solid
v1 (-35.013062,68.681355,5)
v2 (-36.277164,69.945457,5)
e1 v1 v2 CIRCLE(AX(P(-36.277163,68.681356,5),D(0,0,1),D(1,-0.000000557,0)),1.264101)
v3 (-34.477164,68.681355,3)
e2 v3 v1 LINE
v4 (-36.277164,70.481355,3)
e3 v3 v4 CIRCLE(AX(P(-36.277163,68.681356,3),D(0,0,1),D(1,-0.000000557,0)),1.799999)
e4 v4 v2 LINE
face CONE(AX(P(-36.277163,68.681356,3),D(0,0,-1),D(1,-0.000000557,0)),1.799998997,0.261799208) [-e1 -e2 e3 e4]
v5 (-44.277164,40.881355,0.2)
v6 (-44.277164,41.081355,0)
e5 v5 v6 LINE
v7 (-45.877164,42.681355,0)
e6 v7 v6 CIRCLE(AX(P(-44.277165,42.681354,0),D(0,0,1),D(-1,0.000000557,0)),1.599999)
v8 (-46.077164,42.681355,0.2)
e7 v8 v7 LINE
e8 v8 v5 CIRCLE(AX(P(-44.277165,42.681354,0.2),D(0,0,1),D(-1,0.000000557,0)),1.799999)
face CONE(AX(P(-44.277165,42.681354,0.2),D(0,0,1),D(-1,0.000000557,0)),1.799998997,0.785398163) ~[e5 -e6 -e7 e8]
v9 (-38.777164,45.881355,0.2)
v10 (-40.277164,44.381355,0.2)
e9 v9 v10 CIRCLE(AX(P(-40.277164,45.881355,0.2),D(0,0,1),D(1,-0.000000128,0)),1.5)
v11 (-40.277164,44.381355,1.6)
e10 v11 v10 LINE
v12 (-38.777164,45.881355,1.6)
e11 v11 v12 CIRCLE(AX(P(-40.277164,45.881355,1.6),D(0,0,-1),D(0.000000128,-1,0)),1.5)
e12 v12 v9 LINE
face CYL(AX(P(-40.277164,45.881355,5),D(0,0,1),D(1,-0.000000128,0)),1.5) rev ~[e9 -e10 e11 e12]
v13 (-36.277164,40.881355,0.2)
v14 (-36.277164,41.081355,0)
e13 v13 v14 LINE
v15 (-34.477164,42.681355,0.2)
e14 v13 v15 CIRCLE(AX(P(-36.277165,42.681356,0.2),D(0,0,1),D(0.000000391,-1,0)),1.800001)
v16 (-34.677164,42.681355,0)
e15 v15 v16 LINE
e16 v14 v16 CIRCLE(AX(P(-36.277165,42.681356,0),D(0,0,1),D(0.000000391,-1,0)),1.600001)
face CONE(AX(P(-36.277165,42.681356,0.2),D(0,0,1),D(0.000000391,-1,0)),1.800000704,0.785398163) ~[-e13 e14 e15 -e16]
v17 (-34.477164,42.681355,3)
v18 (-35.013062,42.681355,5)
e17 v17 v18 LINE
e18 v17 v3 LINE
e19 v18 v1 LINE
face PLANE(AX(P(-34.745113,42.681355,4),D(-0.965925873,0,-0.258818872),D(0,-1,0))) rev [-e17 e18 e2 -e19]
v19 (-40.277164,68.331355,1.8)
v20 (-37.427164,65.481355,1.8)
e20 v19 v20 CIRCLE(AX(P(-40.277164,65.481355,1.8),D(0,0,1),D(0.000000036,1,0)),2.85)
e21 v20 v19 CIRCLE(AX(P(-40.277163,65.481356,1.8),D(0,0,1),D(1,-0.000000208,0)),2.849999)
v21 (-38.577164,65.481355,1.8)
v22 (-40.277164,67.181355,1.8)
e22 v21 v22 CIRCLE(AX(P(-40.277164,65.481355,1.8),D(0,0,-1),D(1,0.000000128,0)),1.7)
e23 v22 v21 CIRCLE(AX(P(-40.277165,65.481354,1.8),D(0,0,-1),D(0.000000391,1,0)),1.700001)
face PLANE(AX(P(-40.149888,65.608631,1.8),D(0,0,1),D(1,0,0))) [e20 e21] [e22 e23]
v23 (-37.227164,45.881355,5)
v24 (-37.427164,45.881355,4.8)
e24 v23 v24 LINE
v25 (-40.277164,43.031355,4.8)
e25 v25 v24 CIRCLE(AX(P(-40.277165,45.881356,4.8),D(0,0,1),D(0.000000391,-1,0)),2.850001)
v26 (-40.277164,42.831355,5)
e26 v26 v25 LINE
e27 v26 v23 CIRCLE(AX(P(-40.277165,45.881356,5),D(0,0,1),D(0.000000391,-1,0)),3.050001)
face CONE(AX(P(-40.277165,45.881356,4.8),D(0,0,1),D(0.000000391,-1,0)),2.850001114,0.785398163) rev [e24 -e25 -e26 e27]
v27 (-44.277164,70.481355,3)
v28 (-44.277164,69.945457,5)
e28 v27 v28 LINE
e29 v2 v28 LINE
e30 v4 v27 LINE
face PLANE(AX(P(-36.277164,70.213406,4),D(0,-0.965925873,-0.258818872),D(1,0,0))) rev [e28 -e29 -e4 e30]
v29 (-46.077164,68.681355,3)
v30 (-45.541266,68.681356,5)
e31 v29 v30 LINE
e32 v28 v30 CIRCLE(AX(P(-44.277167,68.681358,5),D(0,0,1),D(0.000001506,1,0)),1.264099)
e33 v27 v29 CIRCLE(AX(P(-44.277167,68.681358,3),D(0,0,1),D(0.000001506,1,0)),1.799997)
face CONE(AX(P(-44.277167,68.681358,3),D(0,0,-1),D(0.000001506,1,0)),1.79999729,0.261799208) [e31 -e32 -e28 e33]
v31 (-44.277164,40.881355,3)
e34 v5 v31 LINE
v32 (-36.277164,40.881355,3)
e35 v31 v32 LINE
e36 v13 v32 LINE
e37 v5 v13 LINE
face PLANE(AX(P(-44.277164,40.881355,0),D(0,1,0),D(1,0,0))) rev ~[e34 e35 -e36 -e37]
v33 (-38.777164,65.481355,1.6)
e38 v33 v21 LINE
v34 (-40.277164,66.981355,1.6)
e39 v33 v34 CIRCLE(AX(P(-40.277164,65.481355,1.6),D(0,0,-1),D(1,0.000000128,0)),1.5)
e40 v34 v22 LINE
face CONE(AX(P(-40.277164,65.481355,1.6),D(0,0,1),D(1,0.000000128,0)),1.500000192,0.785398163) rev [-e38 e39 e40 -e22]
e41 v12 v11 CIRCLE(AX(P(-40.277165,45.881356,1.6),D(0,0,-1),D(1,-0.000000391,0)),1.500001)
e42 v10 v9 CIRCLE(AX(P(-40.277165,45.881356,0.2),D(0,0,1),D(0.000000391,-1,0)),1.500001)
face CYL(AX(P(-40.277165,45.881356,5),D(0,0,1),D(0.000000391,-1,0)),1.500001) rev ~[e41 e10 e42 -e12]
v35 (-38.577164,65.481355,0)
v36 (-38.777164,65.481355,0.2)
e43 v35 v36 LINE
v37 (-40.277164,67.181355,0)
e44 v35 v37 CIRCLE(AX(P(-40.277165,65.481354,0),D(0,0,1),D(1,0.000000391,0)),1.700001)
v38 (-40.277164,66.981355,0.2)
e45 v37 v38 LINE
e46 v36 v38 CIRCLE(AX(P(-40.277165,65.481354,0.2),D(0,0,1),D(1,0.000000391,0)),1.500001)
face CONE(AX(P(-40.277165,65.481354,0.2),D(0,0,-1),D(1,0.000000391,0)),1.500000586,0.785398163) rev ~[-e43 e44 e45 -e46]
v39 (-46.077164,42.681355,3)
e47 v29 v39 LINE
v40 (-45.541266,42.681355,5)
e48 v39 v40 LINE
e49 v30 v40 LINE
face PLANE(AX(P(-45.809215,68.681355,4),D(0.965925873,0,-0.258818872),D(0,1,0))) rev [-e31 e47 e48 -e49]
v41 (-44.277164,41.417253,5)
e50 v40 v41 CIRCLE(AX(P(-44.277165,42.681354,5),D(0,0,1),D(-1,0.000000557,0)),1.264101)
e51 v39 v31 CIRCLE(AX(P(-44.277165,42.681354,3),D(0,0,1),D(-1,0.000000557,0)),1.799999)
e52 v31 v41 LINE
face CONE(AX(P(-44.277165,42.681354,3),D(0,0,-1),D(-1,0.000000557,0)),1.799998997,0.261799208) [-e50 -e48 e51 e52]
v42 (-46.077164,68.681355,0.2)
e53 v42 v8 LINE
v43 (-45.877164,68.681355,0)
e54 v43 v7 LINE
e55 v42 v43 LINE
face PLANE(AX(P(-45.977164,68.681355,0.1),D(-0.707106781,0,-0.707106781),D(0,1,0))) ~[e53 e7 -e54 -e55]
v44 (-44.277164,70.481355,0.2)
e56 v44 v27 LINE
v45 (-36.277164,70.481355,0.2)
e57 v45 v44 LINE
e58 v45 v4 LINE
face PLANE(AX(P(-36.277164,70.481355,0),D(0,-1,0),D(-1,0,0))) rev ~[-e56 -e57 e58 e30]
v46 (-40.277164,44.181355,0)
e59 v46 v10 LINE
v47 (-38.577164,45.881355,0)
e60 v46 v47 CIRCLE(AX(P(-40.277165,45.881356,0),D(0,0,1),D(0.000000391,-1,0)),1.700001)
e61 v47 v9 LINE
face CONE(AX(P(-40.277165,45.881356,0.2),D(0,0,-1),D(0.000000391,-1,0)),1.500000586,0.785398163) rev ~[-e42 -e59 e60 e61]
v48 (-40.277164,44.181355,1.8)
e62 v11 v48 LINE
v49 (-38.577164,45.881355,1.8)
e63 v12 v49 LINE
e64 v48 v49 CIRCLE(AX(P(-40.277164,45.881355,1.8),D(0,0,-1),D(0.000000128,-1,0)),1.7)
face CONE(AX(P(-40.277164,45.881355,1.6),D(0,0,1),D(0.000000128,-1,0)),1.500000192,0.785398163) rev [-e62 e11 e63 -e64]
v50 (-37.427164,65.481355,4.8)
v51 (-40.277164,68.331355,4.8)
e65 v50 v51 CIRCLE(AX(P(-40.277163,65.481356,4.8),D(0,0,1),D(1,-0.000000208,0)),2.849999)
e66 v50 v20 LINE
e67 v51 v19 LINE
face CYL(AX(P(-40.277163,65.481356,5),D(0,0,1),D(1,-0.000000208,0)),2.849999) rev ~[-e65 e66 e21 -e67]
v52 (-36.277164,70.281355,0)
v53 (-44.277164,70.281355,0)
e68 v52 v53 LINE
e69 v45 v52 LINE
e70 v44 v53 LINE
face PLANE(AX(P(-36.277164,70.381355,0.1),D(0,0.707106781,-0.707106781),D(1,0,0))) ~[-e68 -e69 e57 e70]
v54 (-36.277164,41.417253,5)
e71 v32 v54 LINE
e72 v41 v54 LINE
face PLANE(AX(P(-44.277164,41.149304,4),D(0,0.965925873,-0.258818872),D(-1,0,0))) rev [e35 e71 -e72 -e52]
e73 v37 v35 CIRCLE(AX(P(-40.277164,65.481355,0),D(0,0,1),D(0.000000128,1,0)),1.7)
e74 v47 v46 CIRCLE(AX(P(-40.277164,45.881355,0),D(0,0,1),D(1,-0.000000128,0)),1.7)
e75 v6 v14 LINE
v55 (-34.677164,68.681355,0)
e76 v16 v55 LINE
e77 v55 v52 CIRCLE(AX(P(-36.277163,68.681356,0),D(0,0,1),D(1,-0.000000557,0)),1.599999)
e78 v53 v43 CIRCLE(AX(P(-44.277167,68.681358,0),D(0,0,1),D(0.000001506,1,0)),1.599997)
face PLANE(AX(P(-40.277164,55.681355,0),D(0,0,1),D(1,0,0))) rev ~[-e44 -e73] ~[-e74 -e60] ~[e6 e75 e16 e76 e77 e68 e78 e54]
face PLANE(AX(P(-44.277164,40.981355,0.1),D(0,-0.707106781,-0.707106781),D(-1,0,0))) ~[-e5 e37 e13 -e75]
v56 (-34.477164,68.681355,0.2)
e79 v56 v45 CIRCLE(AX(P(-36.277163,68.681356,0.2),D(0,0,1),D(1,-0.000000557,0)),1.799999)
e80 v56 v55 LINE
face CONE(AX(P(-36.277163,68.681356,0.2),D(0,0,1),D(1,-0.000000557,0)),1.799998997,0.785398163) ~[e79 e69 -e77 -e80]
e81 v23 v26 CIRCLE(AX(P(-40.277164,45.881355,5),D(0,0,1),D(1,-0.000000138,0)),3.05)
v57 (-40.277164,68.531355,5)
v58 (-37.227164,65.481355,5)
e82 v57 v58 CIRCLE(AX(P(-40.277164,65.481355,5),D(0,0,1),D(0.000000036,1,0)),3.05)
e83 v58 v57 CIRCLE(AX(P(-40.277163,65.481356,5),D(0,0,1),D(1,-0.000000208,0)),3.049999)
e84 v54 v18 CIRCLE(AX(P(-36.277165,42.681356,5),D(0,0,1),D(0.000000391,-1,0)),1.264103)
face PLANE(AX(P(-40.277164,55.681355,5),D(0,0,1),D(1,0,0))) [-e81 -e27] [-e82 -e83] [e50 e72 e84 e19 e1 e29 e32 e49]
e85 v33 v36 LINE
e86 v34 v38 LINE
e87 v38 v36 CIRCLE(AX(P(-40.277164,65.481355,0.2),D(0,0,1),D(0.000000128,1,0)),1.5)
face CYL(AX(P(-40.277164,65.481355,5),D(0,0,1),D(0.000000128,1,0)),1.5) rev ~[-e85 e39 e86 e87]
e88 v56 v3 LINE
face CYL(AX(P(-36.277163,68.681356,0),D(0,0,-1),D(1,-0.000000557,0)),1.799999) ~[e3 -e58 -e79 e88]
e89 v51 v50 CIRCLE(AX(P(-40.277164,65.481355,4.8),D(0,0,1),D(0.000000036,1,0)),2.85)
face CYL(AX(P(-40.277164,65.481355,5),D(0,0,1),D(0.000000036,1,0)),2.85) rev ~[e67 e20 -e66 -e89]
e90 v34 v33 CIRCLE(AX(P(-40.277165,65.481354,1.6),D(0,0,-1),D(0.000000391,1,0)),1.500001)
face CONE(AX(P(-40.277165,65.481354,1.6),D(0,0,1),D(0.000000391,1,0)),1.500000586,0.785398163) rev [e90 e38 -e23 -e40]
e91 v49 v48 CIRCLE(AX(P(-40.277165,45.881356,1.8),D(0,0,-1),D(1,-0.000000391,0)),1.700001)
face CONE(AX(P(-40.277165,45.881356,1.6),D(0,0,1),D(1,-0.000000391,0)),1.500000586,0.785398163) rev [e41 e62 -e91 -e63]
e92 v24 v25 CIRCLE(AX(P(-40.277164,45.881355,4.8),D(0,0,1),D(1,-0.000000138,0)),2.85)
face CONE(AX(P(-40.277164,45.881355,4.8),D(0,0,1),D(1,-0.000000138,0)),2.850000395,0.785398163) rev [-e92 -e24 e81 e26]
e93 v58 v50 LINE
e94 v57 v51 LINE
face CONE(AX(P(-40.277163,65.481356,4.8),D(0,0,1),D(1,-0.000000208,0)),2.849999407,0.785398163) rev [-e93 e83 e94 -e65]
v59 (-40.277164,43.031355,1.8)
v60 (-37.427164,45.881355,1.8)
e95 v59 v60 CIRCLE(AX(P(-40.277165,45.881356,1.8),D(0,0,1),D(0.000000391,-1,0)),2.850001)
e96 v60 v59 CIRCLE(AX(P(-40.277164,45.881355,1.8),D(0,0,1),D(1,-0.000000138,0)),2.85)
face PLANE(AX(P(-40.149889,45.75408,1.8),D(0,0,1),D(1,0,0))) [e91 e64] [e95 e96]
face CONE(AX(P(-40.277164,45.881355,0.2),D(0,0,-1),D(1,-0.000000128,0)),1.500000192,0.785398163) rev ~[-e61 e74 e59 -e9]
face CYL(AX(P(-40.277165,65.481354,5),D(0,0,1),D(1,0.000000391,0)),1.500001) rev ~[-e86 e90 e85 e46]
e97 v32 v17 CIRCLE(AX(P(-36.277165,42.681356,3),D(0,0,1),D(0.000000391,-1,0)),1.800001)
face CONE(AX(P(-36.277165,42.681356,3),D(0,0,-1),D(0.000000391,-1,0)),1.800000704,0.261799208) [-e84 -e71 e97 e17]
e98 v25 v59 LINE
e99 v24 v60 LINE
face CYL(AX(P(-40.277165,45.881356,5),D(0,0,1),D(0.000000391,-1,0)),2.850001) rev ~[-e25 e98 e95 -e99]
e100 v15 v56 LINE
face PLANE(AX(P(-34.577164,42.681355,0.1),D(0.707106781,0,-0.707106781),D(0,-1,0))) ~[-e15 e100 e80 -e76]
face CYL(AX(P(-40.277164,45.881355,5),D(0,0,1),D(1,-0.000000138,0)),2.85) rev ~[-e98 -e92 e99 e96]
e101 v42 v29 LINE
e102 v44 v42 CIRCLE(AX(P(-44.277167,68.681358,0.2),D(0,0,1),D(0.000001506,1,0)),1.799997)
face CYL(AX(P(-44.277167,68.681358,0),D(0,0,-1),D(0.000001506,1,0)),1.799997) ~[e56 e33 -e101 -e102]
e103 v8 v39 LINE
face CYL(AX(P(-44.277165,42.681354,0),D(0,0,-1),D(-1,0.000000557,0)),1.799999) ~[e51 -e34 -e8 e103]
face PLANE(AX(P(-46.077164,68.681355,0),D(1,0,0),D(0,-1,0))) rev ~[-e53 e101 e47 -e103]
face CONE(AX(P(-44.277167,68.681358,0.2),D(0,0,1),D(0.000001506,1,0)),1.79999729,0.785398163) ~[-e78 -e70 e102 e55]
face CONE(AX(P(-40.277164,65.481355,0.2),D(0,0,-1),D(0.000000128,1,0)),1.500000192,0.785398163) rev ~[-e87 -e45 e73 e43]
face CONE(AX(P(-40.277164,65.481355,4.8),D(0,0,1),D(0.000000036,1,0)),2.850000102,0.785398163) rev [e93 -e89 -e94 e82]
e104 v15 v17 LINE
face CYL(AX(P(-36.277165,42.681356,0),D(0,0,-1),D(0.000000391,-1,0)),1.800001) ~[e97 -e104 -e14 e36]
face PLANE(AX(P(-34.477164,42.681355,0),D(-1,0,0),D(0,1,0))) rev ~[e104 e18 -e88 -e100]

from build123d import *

# Parameters (mm, degrees)
F1_DEPTH = 5
F3_DEPTH = 25
F4_DEPTH = 3.2
F5_SIZE  = 0.2
F6_SIZE2 = 0.535898
F6_SIZE  = 2


with BuildPart() as f1:
    # F0 (on Top) → F1 (new body)
    with BuildSketch(Plane.XY):
        with BuildLine():
            Line((-34.477164, 42.681355), (-34.477164, 68.681355))
            ThreePointArc((-34.477164, 68.681355), (-35.004372, 69.954148), (-36.277164, 70.481355))
            Line((-36.277164, 70.481355), (-44.277164, 70.481355))
            ThreePointArc((-44.277164, 70.481355), (-45.549957, 69.954148), (-46.077164, 68.681355))
            Line((-46.077164, 68.681355), (-46.077164, 42.681355))
            ThreePointArc((-46.077164, 42.681355), (-45.549957, 41.408563), (-44.277164, 40.881355))
            Line((-44.277164, 40.881355), (-36.277164, 40.881355))
            ThreePointArc((-36.277164, 40.881355), (-35.004372, 41.408563), (-34.477164, 42.681355))
        make_face()
    extrude(amount=F1_DEPTH)

    # F2 (on face) → F3 (cut)
    with BuildSketch(Plane.XY.offset(5)):
        with BuildLine():
            ThreePointArc((-38.777164, 65.481355), (-39.216504, 66.542015), (-40.277164, 66.981355))
            ThreePointArc((-40.277164, 66.981355), (-41.337825, 64.420695), (-38.777164, 65.481355))
        make_face()
        with BuildLine():
            ThreePointArc((-38.777164, 45.881355), (-41.337825, 46.942015), (-40.277164, 44.381355))
            ThreePointArc((-40.277164, 44.381355), (-39.216504, 44.820695), (-38.777164, 45.881355))
        make_face()
    extrude(amount=-F3_DEPTH, mode=Mode.SUBTRACT)

    # F2 (on face) → F4 (cut)
    with BuildSketch(Plane.XY.offset(5)):
        with BuildLine():
            ThreePointArc((-37.427164, 65.481355), (-38.26191, 67.49661), (-40.277164, 68.331355))
            ThreePointArc((-40.277164, 68.331355), (-42.292419, 63.466101), (-37.427164, 65.481355))
        make_face()
        with BuildLine():
            ThreePointArc((-38.777164, 65.481355), (-41.337825, 64.420695), (-40.277164, 66.981355))
            ThreePointArc((-40.277164, 66.981355), (-39.216504, 66.542015), (-38.777164, 65.481355))
        make_face(mode=Mode.SUBTRACT)
        with BuildLine():
            ThreePointArc((-37.427164, 45.881355), (-42.292419, 47.89661), (-40.277164, 43.031355))
            ThreePointArc((-40.277164, 43.031355), (-38.26191, 43.866101), (-37.427164, 45.881355))
        make_face()
        with BuildLine():
            ThreePointArc((-38.777164, 45.881355), (-39.216504, 44.820695), (-40.277164, 44.381355))
            ThreePointArc((-40.277164, 44.381355), (-41.337825, 46.942015), (-38.777164, 45.881355))
        make_face(mode=Mode.SUBTRACT)
    extrude(amount=-F4_DEPTH, mode=Mode.SUBTRACT)

    # F5
    f5_edges = [f1.edges().sort_by_distance(p)[0] for p in [
        (-41.777164, 65.481355, 1.8),
        (-40.277164, 47.381355, 1.8),
        (-34.477164, 55.681355, 0),
        (-35.004372, 41.408563, 0),
        (-35.004372, 69.954148, 0),
        (-40.277164, 40.881355, 0),
        (-40.277164, 70.481355, 0),
        (-45.549957, 41.408563, 0),
        (-45.549957, 69.954148, 0),
        (-46.077164, 55.681355, 0),
        (-40.277164, 47.381355, 0),
        (-41.777164, 65.481355, 0),
        (-43.127164, 65.481355, 5),
        (-40.277164, 48.731355, 5),
    ]]
    chamfer(f5_edges, length=F5_SIZE)

    # F6
    f6_edges = [f1.edges().sort_by_distance(p)[0] for p in [
        (-34.477164, 55.681355, 5),
    ]]
    chamfer(f6_edges, length=F6_SIZE, length2=F6_SIZE2)


solid = f1.part
